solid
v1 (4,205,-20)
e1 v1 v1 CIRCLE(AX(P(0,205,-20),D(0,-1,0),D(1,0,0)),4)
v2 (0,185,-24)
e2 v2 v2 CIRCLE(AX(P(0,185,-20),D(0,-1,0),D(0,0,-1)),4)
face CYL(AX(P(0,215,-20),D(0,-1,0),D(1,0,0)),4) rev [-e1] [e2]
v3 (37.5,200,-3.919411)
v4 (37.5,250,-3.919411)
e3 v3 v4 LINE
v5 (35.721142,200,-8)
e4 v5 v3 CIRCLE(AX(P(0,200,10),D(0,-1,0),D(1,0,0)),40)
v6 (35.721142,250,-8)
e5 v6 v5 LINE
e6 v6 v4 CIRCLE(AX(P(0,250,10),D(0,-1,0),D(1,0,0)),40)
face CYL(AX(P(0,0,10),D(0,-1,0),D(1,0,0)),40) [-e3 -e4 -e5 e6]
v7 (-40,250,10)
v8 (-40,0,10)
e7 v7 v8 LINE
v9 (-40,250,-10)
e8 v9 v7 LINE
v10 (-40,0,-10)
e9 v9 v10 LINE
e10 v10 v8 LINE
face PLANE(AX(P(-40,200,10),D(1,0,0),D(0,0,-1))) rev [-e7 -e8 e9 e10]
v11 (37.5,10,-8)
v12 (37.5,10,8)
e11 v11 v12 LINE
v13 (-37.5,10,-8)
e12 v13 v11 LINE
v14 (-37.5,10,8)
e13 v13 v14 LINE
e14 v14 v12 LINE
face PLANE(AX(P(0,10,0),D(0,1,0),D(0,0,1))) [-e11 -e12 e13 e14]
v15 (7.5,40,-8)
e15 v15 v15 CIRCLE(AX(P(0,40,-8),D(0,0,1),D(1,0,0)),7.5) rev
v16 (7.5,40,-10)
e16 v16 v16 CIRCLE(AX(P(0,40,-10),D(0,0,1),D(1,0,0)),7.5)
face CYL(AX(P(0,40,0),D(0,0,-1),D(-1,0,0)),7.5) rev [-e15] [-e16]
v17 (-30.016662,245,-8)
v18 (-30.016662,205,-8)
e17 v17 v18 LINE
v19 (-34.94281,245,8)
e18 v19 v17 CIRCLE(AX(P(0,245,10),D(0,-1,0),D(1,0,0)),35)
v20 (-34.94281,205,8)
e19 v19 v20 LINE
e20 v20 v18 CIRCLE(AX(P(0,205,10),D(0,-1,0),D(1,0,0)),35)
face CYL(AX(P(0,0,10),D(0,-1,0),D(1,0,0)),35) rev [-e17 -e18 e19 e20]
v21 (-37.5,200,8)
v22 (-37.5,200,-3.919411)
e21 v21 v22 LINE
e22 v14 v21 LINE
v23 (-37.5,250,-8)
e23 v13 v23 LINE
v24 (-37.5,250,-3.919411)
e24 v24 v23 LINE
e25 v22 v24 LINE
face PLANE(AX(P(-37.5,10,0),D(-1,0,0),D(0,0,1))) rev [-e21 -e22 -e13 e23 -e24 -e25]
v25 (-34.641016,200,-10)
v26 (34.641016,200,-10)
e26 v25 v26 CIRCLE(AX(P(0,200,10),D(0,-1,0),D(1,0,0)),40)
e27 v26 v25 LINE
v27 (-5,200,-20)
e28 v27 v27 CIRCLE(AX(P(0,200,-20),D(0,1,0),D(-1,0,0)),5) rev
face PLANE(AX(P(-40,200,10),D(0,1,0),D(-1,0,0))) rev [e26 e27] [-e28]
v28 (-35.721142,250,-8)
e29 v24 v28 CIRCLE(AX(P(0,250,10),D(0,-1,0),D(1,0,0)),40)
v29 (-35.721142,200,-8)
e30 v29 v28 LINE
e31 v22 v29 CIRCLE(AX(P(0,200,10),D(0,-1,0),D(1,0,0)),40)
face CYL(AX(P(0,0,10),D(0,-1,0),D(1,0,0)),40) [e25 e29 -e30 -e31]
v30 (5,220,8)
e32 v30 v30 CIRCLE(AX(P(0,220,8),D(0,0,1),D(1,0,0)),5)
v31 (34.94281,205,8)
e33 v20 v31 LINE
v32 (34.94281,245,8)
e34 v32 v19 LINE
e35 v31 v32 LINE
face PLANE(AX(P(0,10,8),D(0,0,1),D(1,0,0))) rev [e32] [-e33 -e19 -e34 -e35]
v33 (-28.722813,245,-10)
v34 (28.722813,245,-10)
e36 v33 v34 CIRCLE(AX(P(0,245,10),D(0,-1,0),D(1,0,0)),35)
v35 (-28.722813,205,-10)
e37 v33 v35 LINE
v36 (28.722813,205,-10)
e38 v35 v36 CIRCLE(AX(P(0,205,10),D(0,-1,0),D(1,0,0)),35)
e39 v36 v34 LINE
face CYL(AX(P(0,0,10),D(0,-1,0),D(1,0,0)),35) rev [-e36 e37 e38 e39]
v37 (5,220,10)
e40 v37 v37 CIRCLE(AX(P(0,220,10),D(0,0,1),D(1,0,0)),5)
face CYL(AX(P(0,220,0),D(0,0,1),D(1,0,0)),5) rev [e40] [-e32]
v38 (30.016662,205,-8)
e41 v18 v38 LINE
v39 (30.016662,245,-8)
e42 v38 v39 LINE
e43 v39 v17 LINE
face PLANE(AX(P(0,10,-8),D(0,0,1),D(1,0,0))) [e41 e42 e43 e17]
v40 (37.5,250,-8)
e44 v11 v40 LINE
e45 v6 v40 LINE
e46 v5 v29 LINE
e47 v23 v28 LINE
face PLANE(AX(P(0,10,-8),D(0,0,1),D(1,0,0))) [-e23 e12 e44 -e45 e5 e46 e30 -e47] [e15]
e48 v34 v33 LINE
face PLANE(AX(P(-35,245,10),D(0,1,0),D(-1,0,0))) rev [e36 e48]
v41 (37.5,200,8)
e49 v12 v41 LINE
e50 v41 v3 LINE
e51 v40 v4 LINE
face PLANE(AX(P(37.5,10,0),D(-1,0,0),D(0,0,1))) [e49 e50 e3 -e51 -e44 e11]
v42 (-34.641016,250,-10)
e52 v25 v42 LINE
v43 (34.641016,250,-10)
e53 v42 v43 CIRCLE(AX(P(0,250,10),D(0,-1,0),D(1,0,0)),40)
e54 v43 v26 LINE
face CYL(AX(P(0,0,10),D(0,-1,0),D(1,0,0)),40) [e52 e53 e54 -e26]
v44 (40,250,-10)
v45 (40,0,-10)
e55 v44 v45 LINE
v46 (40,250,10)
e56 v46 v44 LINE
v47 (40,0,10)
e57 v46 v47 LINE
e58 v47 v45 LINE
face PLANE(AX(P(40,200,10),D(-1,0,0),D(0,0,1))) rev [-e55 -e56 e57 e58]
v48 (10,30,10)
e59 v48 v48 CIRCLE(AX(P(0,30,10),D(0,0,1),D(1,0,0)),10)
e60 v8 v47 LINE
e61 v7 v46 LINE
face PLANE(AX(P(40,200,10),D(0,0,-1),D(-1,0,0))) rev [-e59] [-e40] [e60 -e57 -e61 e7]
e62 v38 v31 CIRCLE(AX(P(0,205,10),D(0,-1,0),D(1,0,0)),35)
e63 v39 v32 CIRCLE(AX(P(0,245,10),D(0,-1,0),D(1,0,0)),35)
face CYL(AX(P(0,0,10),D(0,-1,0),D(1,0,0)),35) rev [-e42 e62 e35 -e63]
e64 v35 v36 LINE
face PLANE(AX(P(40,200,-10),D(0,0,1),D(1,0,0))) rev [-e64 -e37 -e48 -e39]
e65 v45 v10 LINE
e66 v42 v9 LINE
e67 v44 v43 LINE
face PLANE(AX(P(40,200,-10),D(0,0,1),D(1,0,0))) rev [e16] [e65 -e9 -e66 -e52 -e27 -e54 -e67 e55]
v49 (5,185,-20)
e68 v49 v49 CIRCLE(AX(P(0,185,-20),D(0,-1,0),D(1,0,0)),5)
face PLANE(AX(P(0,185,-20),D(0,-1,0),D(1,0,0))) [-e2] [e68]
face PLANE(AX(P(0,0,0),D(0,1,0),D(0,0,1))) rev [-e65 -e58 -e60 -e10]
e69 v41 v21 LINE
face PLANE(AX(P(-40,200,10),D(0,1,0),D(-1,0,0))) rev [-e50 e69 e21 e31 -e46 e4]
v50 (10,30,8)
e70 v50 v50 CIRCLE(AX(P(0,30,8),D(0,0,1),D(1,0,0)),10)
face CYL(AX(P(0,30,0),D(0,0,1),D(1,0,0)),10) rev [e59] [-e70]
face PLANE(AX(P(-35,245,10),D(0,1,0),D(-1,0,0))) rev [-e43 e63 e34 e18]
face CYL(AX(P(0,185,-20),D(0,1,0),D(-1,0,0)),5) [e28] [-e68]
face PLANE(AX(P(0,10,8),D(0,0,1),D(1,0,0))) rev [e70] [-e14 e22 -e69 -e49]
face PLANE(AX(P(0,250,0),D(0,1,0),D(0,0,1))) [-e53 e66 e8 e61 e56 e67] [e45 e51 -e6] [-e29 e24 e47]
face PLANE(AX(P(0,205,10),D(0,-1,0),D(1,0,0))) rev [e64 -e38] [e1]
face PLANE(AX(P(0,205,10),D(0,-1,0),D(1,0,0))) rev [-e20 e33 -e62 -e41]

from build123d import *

# Parameters (mm, degrees)
SKETCH1_W           = 80
SKETCH1_H           = 20
BOSS_EXTRUDE1_DEPTH = 200
SKETCH2_W           = 75
SKETCH2_H           = 16
CUT_EXTRUDE1_DEPTH  = 190
SKETCH3_R           = 7.5
CUT_EXTRUDE3_DEPTH  = 10
SKETCH4_W           = 80
SKETCH4_H           = 20
SKETCH4_W_2         = 75
SKETCH4_H_2         = 16
BOSS_EXTRUDE2_DEPTH = 50
SKETCH5_R           = 5
CUT_EXTRUDE4_DEPTH  = 10
REVOLVE1_ANGLE      = 180
SKETCH8_R           = 10
CUT_EXTRUDE5_DEPTH  = 10
SKETCH7_R           = 5
BOSS_EXTRUDE3_DEPTH = 15
SKETCH9_R           = 4
CUT_EXTRUDE6_DEPTH  = 30


with BuildPart() as part:
    # Sketch1 → Boss-Extrude1 (new body)
    with BuildSketch(Plane(origin=(0, 0, 0), x_dir=(1, 0, 0), z_dir=(0, 1, 0))):
        Rectangle(SKETCH1_W, SKETCH1_H)
    extrude(amount=BOSS_EXTRUDE1_DEPTH)

    # Sketch2 → Cut-Extrude1 (cut)
    with BuildSketch(Plane(origin=(0, 200, 0), x_dir=(1, 0, 0), z_dir=(0, 1, 0))):
        Rectangle(SKETCH2_W, SKETCH2_H)
    extrude(amount=-CUT_EXTRUDE1_DEPTH, mode=Mode.SUBTRACT)

    # Sketch3 → Cut-Extrude3 (cut)
    with BuildSketch(Plane(origin=(0, 0, -10), x_dir=(-1, 0, 0), z_dir=(0, 0, -1))):
        with Locations(Location((0, 40, 0), (0, 0, 180))):
            Circle(SKETCH3_R)
    extrude(amount=-CUT_EXTRUDE3_DEPTH, mode=Mode.SUBTRACT)

    # Sketch4 → Boss-Extrude2 (add)
    with BuildSketch(Plane(origin=(0, 200, 0), x_dir=(1, 0, 0), z_dir=(0, 1, 0))):
        Rectangle(SKETCH4_W, SKETCH4_H)
        Rectangle(SKETCH4_W_2, SKETCH4_H_2, mode=Mode.SUBTRACT)
    extrude(amount=BOSS_EXTRUDE2_DEPTH)

    # Sketch5 → Cut-Extrude4 (cut)
    with BuildSketch(Plane.XY.offset(10)):
        with Locations((0, 220)):
            Circle(SKETCH5_R)
    extrude(amount=-CUT_EXTRUDE4_DEPTH, mode=Mode.SUBTRACT)

    # Sketch6 → Revolve1 (revolve)
    with BuildSketch(Plane.XY.offset(10)):
        Polygon((0, 250), (40, 250), (40, 200), (0, 200), (0, 205), (35, 205), (35, 245), (0, 245), align=None)
    revolve(axis=Axis((0, 0, 10), (0, 1, 0)), revolution_arc=REVOLVE1_ANGLE)

    # Sketch8 → Cut-Extrude5 (cut)
    with BuildSketch(Plane.XY.offset(10)):
        with Locations((0, 30)):
            Circle(SKETCH8_R)
    extrude(amount=-CUT_EXTRUDE5_DEPTH, mode=Mode.SUBTRACT)

    # Sketch7 → Boss-Extrude3 (add)
    with BuildSketch(Plane.XZ.offset(-200)):
        with Locations(Location((0, -20, 0), (0, 0, 180))):
            Circle(SKETCH7_R)
    extrude(amount=BOSS_EXTRUDE3_DEPTH)

    # Sketch9 → Cut-Extrude6 (cut)
    with BuildSketch(Plane.XZ.offset(-185)):
        with Locations((0, -20)):
            Circle(SKETCH9_R)
    extrude(amount=-CUT_EXTRUDE6_DEPTH, mode=Mode.SUBTRACT)


solid = part.part
